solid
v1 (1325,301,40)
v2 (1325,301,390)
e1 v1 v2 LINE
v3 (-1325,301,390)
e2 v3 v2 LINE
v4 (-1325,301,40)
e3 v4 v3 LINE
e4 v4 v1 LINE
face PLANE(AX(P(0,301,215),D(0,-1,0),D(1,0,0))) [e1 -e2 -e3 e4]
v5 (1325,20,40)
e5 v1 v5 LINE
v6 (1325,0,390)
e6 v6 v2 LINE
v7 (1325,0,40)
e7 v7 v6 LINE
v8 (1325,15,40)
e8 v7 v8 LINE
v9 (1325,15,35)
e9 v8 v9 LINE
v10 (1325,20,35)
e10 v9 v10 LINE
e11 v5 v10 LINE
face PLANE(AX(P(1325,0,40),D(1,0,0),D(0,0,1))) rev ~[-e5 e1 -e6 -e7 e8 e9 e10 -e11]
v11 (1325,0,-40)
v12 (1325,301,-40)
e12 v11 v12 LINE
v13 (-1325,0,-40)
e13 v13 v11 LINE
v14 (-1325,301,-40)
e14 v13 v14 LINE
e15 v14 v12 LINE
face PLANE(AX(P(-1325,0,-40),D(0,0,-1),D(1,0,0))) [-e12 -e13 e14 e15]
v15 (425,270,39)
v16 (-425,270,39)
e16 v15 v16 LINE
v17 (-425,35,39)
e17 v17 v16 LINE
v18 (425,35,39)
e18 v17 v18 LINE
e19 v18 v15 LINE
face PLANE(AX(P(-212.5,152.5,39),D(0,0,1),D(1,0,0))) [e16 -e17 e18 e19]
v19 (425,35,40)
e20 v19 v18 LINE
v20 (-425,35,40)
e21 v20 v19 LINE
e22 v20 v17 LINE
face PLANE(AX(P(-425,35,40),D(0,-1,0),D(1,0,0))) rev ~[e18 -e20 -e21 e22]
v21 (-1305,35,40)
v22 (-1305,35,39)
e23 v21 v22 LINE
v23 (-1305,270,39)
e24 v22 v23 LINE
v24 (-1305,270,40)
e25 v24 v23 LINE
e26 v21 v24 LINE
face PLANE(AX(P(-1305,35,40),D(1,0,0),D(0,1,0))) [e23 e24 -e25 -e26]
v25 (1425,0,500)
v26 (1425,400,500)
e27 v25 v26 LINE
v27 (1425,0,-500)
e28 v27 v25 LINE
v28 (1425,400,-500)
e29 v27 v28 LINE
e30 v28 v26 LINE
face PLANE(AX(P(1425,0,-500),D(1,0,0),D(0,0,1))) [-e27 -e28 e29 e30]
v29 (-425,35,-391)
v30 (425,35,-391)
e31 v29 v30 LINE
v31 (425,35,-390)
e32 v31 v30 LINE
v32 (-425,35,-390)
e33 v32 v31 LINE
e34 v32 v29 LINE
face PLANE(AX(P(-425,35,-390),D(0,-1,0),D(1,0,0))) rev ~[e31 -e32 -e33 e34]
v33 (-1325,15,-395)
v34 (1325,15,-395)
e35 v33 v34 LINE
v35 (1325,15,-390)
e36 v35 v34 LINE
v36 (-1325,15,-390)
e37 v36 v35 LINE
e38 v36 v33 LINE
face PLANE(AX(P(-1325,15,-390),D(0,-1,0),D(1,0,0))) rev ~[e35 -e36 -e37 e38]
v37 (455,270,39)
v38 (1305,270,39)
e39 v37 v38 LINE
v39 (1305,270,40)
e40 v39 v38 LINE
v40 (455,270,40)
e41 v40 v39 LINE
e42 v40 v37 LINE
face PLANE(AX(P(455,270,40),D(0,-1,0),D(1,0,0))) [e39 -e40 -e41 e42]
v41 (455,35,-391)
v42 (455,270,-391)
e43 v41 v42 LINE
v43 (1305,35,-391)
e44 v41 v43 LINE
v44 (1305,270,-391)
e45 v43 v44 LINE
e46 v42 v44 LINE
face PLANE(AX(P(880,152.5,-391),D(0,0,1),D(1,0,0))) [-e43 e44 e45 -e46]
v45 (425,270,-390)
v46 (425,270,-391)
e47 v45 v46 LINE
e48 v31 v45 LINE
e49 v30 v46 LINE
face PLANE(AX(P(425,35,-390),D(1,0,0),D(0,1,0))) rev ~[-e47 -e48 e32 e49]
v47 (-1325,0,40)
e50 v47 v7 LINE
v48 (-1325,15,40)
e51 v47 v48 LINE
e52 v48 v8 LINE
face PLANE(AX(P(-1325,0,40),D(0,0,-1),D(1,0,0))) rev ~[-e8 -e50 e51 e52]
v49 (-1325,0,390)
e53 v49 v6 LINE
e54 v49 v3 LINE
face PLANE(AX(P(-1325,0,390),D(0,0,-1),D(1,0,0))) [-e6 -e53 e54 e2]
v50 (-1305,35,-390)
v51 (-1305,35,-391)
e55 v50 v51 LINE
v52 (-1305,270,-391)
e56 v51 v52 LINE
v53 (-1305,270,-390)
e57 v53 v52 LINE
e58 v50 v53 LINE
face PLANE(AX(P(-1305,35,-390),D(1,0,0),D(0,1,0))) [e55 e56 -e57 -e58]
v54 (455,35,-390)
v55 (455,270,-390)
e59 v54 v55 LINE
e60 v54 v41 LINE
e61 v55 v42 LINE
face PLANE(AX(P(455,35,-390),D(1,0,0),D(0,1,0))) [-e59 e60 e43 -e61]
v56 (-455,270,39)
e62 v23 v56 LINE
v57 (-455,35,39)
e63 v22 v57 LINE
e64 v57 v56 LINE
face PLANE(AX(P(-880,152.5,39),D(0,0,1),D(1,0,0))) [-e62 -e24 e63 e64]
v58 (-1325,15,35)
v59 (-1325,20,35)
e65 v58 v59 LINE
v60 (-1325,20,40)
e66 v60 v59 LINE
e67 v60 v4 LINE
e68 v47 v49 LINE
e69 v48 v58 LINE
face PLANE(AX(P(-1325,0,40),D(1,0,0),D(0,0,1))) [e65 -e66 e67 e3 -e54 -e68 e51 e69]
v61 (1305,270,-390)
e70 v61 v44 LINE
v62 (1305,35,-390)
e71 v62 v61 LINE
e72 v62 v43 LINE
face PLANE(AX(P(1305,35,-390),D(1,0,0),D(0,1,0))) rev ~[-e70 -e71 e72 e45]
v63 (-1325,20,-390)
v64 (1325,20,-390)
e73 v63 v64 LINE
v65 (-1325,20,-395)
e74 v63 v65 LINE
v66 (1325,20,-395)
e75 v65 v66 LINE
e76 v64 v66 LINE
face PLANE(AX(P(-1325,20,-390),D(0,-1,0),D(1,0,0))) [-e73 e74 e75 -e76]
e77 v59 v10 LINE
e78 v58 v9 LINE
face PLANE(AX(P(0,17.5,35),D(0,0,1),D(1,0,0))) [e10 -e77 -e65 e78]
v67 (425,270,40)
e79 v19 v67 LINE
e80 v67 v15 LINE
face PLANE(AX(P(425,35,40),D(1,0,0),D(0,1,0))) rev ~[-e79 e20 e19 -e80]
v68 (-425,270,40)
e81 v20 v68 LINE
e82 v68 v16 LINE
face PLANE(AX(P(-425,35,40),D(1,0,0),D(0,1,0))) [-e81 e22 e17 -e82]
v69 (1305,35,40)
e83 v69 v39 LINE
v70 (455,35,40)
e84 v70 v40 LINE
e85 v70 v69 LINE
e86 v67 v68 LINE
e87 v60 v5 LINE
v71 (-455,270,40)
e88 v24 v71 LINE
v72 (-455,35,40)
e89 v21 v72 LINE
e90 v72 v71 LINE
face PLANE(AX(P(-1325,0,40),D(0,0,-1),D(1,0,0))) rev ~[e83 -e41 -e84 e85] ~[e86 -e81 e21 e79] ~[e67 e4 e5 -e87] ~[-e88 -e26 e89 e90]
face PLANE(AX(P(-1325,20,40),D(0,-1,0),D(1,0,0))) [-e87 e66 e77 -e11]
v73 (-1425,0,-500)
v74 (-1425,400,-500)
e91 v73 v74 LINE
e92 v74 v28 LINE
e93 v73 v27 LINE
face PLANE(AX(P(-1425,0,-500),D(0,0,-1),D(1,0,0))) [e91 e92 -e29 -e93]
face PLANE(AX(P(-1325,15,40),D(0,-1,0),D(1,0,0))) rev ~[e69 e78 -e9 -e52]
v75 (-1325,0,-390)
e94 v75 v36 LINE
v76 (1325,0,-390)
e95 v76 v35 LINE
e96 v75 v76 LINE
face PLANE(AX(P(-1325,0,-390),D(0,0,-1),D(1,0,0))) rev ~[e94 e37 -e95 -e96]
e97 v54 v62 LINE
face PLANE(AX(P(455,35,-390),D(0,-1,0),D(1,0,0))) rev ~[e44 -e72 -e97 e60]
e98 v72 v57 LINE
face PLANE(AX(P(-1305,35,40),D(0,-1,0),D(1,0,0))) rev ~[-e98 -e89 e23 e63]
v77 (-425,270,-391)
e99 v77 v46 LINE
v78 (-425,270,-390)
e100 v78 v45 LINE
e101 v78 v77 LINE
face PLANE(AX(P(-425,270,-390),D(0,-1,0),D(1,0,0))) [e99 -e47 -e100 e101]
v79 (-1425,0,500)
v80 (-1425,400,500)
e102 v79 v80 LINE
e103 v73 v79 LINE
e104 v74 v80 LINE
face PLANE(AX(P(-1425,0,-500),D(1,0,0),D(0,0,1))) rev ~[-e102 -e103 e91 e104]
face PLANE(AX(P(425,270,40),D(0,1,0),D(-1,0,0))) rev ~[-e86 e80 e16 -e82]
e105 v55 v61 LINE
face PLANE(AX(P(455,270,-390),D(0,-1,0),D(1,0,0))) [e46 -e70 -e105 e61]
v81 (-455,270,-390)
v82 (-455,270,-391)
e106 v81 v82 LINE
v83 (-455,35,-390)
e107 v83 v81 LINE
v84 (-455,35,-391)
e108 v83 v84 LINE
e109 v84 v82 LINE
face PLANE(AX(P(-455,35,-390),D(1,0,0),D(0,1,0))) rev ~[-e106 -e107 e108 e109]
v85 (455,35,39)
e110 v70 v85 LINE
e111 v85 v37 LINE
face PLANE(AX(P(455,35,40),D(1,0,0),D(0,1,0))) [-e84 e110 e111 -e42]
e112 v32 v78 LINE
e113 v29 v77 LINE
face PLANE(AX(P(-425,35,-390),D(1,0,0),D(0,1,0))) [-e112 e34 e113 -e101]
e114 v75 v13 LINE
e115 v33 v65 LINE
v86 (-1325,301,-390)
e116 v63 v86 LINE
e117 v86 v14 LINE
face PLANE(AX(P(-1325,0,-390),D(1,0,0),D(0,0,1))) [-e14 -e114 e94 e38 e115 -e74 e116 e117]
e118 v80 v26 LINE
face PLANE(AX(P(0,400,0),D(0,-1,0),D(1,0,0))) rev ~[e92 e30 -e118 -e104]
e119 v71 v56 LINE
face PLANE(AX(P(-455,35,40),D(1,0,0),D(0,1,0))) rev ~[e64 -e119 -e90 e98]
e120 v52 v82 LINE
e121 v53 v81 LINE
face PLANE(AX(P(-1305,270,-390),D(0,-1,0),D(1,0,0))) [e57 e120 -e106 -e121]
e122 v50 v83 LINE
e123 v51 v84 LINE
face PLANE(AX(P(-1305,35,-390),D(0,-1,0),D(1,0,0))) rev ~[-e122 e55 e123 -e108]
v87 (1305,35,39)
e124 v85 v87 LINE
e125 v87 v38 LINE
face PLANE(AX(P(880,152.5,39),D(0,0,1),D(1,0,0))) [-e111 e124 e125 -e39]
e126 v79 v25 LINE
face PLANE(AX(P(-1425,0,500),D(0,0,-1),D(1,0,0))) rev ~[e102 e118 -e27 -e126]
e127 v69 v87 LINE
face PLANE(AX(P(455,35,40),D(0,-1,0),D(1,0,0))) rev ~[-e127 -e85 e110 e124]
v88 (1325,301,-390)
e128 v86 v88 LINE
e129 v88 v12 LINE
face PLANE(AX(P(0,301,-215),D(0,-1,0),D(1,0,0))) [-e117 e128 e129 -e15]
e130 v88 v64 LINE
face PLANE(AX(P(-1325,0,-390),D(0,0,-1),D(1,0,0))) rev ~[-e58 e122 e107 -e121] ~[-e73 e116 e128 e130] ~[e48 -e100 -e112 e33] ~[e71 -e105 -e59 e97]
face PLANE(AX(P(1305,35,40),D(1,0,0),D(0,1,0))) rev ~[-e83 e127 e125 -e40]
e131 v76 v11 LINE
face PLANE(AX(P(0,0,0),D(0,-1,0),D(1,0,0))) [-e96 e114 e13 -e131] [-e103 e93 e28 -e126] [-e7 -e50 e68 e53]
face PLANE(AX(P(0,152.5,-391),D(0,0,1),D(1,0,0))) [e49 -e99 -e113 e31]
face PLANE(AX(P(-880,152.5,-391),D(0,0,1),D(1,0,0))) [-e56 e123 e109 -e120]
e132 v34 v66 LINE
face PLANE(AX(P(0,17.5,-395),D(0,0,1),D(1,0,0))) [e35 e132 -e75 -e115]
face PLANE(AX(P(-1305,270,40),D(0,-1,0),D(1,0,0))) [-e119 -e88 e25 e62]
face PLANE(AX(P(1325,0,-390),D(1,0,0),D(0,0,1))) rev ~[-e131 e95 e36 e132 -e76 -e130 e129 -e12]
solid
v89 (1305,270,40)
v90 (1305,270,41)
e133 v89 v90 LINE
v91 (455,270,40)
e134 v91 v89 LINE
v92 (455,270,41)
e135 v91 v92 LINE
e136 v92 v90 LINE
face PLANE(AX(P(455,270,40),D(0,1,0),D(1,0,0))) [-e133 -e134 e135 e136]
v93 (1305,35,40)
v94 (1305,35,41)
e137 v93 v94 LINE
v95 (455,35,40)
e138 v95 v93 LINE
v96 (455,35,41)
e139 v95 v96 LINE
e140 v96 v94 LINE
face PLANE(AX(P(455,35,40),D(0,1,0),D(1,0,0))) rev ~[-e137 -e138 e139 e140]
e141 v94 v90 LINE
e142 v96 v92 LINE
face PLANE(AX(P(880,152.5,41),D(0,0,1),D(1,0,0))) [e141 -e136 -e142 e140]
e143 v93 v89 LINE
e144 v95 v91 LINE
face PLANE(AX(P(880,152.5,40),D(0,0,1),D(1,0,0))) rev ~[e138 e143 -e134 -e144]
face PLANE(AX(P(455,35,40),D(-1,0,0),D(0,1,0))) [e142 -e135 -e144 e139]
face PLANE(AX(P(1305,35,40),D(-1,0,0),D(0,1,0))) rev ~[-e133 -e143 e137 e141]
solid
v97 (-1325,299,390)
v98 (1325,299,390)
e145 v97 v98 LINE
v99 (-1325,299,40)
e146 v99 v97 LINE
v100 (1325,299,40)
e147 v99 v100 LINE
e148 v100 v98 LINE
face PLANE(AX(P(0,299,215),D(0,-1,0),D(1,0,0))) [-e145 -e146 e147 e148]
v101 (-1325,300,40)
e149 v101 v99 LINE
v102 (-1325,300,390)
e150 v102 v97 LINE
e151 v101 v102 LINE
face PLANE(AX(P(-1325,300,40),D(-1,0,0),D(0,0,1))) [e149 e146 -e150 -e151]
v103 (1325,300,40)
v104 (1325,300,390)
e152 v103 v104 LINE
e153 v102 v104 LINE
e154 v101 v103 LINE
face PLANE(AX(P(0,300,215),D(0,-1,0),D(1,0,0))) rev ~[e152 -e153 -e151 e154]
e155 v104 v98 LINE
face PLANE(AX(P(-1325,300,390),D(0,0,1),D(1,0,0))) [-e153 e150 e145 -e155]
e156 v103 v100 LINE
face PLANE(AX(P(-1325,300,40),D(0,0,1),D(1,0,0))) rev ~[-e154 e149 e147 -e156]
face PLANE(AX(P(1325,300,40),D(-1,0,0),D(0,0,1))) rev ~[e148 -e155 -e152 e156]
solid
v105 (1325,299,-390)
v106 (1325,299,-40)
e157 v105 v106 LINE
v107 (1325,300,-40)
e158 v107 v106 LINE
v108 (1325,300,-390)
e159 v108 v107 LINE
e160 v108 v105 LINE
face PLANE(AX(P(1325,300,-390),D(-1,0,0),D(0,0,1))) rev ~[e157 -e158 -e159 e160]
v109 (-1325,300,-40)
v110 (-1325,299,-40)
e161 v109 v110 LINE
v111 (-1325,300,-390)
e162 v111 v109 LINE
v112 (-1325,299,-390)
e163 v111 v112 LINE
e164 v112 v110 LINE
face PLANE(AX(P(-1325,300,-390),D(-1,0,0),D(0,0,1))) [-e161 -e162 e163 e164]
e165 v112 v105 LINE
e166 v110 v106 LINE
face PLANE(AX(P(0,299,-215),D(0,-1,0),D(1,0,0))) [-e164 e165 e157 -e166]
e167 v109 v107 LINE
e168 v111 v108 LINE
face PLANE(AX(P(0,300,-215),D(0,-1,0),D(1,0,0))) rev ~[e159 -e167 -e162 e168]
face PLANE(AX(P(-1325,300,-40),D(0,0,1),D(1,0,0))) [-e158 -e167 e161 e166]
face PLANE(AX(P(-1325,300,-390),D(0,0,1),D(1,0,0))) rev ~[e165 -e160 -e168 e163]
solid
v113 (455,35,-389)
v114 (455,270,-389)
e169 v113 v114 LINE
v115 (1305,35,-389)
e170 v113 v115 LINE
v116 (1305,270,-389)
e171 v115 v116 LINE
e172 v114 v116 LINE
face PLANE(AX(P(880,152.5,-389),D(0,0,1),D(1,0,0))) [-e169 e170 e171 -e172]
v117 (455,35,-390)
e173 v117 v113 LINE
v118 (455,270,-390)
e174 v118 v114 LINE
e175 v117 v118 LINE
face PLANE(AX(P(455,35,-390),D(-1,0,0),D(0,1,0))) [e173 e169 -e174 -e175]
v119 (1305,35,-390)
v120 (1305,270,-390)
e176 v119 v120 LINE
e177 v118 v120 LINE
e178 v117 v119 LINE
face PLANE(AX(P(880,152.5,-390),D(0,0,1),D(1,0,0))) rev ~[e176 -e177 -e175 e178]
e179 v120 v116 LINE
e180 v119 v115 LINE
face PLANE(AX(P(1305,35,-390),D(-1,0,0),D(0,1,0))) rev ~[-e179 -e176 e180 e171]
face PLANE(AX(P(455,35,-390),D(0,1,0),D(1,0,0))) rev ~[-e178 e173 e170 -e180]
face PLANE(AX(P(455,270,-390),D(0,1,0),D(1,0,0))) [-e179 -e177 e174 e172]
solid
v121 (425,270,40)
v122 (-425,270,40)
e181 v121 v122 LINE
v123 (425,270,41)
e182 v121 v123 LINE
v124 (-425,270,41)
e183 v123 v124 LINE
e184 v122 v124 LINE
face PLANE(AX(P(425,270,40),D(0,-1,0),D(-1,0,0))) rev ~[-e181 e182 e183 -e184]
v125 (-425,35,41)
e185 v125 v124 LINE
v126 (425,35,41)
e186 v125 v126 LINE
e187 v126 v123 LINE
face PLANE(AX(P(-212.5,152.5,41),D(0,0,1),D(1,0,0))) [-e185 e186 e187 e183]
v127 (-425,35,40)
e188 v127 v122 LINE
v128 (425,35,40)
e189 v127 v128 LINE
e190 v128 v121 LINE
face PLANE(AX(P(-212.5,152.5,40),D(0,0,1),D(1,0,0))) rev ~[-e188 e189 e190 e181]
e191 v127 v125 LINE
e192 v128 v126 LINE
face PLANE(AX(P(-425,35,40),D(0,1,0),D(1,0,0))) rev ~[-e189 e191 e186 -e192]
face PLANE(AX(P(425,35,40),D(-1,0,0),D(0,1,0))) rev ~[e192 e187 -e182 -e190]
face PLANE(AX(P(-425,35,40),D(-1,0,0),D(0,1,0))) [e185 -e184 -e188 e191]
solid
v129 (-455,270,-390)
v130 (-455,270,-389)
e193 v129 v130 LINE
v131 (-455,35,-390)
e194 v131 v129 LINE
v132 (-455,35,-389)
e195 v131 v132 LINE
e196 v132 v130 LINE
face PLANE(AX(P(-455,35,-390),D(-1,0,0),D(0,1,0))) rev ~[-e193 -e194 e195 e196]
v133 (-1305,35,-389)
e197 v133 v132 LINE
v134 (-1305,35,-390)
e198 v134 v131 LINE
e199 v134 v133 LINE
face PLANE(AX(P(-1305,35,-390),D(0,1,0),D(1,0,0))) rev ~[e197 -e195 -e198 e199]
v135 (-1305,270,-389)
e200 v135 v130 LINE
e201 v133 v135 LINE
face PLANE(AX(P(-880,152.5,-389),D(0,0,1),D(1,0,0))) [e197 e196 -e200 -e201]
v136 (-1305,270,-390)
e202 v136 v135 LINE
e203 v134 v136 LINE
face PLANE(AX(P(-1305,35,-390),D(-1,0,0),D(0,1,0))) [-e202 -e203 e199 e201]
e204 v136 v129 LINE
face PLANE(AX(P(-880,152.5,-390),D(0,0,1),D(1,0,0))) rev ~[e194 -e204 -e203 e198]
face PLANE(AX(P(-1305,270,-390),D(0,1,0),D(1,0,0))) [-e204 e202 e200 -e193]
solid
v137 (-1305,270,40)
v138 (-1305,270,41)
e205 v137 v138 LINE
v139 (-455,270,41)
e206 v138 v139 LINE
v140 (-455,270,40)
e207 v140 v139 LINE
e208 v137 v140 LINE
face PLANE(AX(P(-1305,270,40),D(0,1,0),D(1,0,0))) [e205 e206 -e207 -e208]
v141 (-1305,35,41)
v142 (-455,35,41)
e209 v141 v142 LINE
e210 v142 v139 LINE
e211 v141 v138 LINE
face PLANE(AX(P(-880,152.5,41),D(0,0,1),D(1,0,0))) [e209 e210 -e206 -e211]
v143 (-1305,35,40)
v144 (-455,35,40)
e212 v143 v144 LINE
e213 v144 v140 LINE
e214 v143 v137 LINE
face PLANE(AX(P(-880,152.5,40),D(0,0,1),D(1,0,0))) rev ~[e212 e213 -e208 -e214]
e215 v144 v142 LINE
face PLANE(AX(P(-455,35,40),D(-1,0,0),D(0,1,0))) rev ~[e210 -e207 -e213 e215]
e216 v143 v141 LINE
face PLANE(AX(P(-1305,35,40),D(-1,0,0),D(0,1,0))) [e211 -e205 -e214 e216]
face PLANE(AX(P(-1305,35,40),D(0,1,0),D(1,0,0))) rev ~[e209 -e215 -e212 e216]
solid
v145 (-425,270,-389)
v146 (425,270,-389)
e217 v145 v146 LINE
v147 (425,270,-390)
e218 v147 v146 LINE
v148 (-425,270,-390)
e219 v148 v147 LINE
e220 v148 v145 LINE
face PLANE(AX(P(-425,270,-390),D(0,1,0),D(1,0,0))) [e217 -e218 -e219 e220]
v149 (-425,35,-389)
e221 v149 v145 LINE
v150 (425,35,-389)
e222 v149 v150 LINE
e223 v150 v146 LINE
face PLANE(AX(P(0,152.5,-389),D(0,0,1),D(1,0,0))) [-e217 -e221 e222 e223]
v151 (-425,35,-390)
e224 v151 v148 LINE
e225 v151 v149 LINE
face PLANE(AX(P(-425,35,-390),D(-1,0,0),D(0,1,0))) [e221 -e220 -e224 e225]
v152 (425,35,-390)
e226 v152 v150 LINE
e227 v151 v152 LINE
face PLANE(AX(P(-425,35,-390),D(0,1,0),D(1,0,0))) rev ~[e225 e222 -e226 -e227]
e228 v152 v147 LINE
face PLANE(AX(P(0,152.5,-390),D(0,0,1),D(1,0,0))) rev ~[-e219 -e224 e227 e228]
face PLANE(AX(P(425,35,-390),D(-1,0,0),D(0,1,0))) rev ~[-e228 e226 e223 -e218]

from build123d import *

# Parameters (mm, degrees)
F0_W      = 2850
F0_H      = 1000
F1_DEPTH  = 400
F2_W      = 2650
F2_H      = 350
F3_DEPTH  = 300
F4_W      = 2650
F4_H      = 5
F5_DEPTH  = 5
F6_W      = 850
F6_H      = 235
F7_DEPTH  = 1
F8_W      = 2650
F8_H      = 5
F9_DEPTH  = 5
F10_W     = 850
F10_H     = 235
F10_W_2   = 425
F11_DEPTH = 1
F12_DEPTH = 1
F13_DEPTH = 1
F14_W     = 2650
F14_H     = 350
F15_DEPTH = 1
F16_DEPTH = 1


with BuildPart() as f1:
    # F0 (on Front) → F1 (new body)
    with BuildSketch(Plane.XZ):
        Rectangle(F0_W, F0_H)
    extrude(amount=-F1_DEPTH)

    # F2 (on Front) → F3 (cut)
    with BuildSketch(Plane.XZ):
        with Locations((0, 215)):
            Rectangle(F2_W, F2_H)
        with Locations((0, -215)):
            Rectangle(F2_W, F2_H)
    extrude(amount=-F3_DEPTH, mode=Mode.SUBTRACT)

    # F4 (on face) → F5 (cut)
    with BuildSketch(Plane.XY.offset(-390)):
        with Locations((0, 17.5)):
            Rectangle(F4_W, F4_H)
    extrude(amount=-F5_DEPTH, mode=Mode.SUBTRACT)

    # F6 (on face) → F7 (cut)
    with BuildSketch(Plane.XY.offset(-390)):
        with Locations((-880, 152.5)):
            Rectangle(F6_W, F6_H)
        with Locations((880, 152.5)):
            Rectangle(F6_W, F6_H)
        with Locations((0, 152.5)):
            Rectangle(F6_W, F6_H)
    extrude(amount=-F7_DEPTH, mode=Mode.SUBTRACT)

    # F8 (on face) → F9 (cut)
    with BuildSketch(Plane.XY.offset(40)):
        with Locations((0, 17.5)):
            Rectangle(F8_W, F8_H)
    extrude(amount=-F9_DEPTH, mode=Mode.SUBTRACT)

    # F10 (on face) → F11 (cut)
    with BuildSketch(Plane.XY.offset(40)):
        with Locations((-880, 152.5)):
            Rectangle(F10_W, F10_H)
        with Locations((880, 152.5)):
            Rectangle(F10_W, F10_H)
        with Locations((-212.5, 152.5)):
            Rectangle(F10_W_2, F10_H)
        with Locations((212.5, 152.5)):
            Rectangle(F10_W_2, F10_H)
    extrude(amount=-F11_DEPTH, mode=Mode.SUBTRACT)

    # F14 (on face) → F15 (cut)
    with BuildSketch(Plane.XZ.offset(-300)):
        with Locations((0, -215)):
            Rectangle(F14_W, F14_H)
        with Locations((0, 215)):
            Rectangle(F14_W, F14_H)
    extrude(amount=-F15_DEPTH, mode=Mode.SUBTRACT)


with BuildPart() as f12:
    # F10 (on face) → F12 (new body)
    with BuildSketch(Plane.XY.offset(40)):
        with Locations((-880, 152.5)):
            Rectangle(F10_W, F10_H)
        with Locations((880, 152.5)):
            Rectangle(F10_W, F10_H)
        with Locations((-212.5, 152.5)):
            Rectangle(F10_W_2, F10_H)
        with Locations((212.5, 152.5)):
            Rectangle(F10_W_2, F10_H)
    extrude(amount=F12_DEPTH)


with BuildPart() as f13:
    # F6 (on face) → F13 (new body)
    with BuildSketch(Plane.XY.offset(-390)):
        with Locations((-880, 152.5)):
            Rectangle(F6_W, F6_H)
        with Locations((880, 152.5)):
            Rectangle(F6_W, F6_H)
        with Locations((0, 152.5)):
            Rectangle(F6_W, F6_H)
    extrude(amount=F13_DEPTH)


with BuildPart() as f16:
    # F14 (on face) → F16 (new body)
    with BuildSketch(Plane.XZ.offset(-300)):
        with Locations((0, -215)):
            Rectangle(F14_W, F14_H)
        with Locations((0, 215)):
            Rectangle(F14_W, F14_H)
    extrude(amount=F16_DEPTH)


solid = Compound([f1.part, f12.part, f13.part, f16.part])
